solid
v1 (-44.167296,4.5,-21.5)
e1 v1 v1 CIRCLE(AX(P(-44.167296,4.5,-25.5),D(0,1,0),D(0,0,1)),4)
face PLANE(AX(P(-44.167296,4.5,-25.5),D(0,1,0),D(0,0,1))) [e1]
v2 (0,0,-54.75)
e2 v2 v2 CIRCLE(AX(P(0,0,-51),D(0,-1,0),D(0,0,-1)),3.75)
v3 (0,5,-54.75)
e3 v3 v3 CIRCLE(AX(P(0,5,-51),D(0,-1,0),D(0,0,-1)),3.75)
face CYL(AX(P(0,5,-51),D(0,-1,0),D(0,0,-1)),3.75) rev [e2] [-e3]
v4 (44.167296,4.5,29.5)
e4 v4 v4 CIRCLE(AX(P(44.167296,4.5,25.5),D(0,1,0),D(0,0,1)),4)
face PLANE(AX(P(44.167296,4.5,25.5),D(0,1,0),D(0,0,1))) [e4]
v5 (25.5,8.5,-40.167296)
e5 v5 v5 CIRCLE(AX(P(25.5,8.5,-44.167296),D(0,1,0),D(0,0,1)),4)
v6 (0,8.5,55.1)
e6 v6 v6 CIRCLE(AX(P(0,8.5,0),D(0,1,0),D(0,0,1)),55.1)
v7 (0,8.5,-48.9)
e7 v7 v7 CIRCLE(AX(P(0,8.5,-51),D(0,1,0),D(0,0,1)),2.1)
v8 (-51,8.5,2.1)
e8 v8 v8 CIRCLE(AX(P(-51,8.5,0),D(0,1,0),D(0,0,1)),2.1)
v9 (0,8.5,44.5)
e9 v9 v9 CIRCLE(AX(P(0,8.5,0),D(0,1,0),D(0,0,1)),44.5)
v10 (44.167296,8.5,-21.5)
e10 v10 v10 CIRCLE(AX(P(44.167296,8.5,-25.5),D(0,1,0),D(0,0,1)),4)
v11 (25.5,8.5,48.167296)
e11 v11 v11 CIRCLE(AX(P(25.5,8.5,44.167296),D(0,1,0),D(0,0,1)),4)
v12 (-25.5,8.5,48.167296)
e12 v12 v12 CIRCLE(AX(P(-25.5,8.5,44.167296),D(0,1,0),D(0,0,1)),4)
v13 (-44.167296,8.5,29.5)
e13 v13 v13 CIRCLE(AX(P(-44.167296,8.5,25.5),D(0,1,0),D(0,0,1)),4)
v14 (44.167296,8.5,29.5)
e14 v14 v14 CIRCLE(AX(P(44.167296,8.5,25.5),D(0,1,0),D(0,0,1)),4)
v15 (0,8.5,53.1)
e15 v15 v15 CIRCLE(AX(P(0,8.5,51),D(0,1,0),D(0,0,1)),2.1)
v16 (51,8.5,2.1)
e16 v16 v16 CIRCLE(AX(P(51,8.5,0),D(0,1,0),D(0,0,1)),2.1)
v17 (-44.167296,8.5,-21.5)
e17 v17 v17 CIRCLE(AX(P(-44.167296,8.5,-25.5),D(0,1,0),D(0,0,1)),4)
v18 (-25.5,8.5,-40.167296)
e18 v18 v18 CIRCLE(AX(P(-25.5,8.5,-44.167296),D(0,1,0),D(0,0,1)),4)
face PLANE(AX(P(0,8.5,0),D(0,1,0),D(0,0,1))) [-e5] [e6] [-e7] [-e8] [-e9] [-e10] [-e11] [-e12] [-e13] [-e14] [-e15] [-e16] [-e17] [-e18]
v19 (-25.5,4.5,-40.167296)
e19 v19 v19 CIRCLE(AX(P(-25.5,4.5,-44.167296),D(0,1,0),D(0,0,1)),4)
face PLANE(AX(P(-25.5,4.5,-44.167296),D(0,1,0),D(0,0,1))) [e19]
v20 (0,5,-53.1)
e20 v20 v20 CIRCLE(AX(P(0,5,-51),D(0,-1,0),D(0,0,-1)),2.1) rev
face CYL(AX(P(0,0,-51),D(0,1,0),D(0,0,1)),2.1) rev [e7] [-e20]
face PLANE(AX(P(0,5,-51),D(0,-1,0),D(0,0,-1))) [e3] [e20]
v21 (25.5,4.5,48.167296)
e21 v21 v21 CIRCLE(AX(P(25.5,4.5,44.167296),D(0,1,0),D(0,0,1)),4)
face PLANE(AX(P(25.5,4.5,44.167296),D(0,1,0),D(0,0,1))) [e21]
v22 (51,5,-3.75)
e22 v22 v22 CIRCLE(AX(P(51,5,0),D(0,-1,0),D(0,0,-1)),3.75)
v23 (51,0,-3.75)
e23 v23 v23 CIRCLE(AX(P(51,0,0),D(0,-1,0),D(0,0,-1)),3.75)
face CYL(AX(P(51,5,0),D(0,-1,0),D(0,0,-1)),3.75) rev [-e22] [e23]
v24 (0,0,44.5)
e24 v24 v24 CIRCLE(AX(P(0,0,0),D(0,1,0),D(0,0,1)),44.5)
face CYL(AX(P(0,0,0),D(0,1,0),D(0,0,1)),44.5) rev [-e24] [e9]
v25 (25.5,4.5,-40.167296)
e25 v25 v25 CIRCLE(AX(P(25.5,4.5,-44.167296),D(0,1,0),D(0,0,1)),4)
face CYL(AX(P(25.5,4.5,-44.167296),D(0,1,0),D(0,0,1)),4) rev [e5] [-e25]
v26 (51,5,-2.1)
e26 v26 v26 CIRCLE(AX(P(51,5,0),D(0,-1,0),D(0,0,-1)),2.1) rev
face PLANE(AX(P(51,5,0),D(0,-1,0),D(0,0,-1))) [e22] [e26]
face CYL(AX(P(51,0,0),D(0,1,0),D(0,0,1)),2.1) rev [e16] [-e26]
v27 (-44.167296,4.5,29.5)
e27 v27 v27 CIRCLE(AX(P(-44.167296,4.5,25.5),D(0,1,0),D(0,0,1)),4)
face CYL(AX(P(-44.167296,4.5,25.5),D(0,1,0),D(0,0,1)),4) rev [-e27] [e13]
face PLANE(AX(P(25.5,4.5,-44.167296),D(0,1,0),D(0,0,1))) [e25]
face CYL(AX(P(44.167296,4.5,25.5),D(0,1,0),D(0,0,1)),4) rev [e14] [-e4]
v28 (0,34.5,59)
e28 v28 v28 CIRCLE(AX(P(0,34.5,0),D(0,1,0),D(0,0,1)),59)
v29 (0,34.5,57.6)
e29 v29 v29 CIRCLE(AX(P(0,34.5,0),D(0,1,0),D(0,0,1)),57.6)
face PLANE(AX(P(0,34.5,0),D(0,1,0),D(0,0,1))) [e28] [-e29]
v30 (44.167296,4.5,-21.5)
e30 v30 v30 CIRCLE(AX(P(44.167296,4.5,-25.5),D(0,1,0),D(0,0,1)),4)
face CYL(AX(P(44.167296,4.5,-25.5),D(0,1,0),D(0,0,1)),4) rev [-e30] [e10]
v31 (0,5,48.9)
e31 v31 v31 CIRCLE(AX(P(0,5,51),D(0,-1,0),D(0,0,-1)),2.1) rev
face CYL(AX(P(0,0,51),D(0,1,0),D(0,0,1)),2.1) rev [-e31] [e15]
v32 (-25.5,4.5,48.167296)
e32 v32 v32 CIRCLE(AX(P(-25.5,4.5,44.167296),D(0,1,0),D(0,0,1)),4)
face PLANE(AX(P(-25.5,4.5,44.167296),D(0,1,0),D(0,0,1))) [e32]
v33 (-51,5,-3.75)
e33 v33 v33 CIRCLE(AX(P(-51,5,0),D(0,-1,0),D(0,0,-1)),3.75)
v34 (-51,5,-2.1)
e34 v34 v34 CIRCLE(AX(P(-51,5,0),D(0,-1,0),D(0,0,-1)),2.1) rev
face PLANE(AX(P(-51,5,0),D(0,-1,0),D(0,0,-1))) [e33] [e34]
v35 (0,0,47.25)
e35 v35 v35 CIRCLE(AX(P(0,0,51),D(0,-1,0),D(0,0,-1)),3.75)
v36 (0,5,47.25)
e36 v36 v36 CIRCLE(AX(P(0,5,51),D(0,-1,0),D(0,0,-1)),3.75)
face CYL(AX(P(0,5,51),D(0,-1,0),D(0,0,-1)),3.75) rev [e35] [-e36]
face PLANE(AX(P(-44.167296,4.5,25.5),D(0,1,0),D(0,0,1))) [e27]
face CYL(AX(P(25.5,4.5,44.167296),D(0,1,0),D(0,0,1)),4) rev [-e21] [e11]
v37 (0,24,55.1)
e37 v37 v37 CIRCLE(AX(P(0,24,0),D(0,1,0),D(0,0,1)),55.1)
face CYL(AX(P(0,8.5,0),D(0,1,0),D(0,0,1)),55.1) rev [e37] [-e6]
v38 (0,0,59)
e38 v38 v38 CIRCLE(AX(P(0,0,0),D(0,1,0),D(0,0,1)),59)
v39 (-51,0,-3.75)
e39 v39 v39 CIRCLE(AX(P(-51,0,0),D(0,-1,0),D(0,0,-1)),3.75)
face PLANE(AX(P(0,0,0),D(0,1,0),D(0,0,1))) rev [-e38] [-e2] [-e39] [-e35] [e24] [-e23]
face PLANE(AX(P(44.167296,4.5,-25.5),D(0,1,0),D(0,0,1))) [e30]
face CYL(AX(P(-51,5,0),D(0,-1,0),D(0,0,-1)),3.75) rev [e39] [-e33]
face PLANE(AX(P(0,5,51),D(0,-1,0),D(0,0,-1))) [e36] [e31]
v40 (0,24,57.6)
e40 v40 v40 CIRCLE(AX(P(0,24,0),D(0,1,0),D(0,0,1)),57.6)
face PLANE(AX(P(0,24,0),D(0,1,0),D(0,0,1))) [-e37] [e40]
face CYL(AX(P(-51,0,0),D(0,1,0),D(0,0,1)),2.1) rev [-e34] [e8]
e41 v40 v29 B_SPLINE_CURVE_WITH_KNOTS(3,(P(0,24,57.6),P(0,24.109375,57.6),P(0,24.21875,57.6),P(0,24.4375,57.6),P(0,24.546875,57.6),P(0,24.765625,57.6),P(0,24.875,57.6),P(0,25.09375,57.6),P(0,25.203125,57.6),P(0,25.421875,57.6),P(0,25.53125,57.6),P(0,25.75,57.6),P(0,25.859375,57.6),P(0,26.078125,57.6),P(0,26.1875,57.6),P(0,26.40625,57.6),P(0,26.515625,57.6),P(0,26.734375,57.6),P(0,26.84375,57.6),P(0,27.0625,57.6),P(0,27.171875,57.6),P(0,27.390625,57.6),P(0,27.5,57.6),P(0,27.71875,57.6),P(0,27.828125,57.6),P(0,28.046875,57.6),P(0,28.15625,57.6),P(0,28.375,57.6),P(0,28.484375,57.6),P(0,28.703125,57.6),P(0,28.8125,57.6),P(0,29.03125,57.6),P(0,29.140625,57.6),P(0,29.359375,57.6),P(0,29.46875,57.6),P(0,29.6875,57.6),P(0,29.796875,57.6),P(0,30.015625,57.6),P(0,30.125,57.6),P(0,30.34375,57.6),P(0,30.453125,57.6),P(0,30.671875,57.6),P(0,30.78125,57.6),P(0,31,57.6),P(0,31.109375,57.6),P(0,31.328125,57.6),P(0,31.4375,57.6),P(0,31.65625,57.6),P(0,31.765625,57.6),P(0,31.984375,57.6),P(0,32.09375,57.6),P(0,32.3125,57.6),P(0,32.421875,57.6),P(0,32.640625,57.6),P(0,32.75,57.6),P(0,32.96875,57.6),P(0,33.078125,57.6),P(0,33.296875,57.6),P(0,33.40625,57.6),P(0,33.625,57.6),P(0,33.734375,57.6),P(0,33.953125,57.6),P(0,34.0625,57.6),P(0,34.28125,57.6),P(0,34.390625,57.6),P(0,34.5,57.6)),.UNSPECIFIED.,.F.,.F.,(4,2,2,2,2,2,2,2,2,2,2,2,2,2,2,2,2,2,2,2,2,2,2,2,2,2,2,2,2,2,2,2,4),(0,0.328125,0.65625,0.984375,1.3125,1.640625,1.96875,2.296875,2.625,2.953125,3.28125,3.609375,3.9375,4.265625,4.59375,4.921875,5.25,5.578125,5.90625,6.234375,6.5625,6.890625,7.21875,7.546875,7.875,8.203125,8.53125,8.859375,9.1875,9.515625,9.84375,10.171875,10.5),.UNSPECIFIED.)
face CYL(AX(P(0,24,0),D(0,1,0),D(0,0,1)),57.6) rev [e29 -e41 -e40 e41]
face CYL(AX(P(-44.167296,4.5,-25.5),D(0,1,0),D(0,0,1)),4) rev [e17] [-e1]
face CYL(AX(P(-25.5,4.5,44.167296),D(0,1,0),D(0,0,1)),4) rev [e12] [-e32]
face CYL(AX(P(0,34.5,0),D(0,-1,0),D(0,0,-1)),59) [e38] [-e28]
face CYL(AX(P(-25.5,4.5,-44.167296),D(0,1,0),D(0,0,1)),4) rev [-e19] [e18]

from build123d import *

# Parameters (mm, degrees)
SKETCH_1_R          = 59
EXTRUDE_1_DEPTH     = 34.5
SKETCH_2_R          = 57.6
CUT_EXTRUDE_1_DEPTH = 10.5
SKETCH_3_R          = 55.1
CUT_EXTRUDE_2_DEPTH = 15.5
SKETCH_4_R          = 44.5
CUT_EXTRUDE_3_DEPTH = 88.395652066
SKETCH_9_R          = 4
CUT_EXTRUDE_7_DEPTH = 4
SKETCH_10_R         = 2.1
CUT_EXTRUDE_8_DEPTH = 88.395652066
SKETCH_11_R         = 3.75
CUT_EXTRUDE_9_DEPTH = 5


with BuildPart() as part:
    # 草图1 → 凸台-拉伸1 (new body)
    with BuildSketch(Plane(origin=(0, 0, 0), x_dir=(1, 0, 0), z_dir=(0, 1, 0))):
        with Locations(Location((0, 0, 0), (0, 0, 270))):
            Circle(SKETCH_1_R)
    extrude(amount=EXTRUDE_1_DEPTH)

    # 草图2 → 切除-拉伸1 (cut)
    with BuildSketch(Plane(origin=(0, 34.5, 0), x_dir=(1, 0, 0), z_dir=(0, 1, 0))):
        with Locations(Location((0, 0, 0), (0, 0, 270))):
            Circle(SKETCH_2_R)
    extrude(amount=-CUT_EXTRUDE_1_DEPTH, mode=Mode.SUBTRACT)

    # 草图3 → 切除-拉伸2 (cut)
    with BuildSketch(Plane(origin=(0, 24, 0), x_dir=(1, 0, 0), z_dir=(0, 1, 0))):
        with Locations(Location((0, 0, 0), (0, 0, 270))):
            Circle(SKETCH_3_R)
    extrude(amount=-CUT_EXTRUDE_2_DEPTH, mode=Mode.SUBTRACT)

    # 草图4 → 切除-拉伸3 (cut, through all)
    with BuildSketch(Plane(origin=(0, 8.5, 0), x_dir=(1, 0, 0), z_dir=(0, 1, 0))):
        with Locations(Location((0, 0, 0), (0, 0, 270))):
            Circle(SKETCH_4_R)
    extrude(amount=-CUT_EXTRUDE_3_DEPTH, mode=Mode.SUBTRACT)

    # 草图9 → 切除-拉伸7 (cut)
    with BuildSketch(Plane(origin=(0, 8.5, 0), x_dir=(1, 0, 0), z_dir=(0, 1, 0))):
        with Locations(Location((-44.167295593, 25.5, 0), (0, 0, 270))):
            Circle(SKETCH_9_R)
        with Locations(Location((-25.5, 44.167295593, 0), (0, 0, 270))):
            Circle(SKETCH_9_R)
        with Locations(Location((25.5, 44.167295593, 0), (0, 0, 270))):
            Circle(SKETCH_9_R)
        with Locations(Location((44.167295593, 25.5, 0), (0, 0, 270))):
            Circle(SKETCH_9_R)
        with Locations(Location((44.167295593, -25.5, 0), (0, 0, 270))):
            Circle(SKETCH_9_R)
        with Locations(Location((25.5, -44.167295593, 0), (0, 0, 270))):
            Circle(SKETCH_9_R)
        with Locations(Location((-25.5, -44.167295593, 0), (0, 0, 270))):
            Circle(SKETCH_9_R)
        with Locations(Location((-44.167295593, -25.5, 0), (0, 0, 270))):
            Circle(SKETCH_9_R)
    extrude(amount=-CUT_EXTRUDE_7_DEPTH, mode=Mode.SUBTRACT)

    # 草图10 → 切除-拉伸8 (cut, through all)
    with BuildSketch(Plane(origin=(0, 8.5, 0), x_dir=(1, 0, 0), z_dir=(0, 1, 0))):
        with Locations(Location((0, 51, 0), (0, 0, 270))):
            Circle(SKETCH_10_R)
        with Locations(Location((51, 0, 0), (0, 0, 270))):
            Circle(SKETCH_10_R)
        with Locations(Location((0, -51, 0), (0, 0, 270))):
            Circle(SKETCH_10_R)
        with Locations(Location((-51, 0, 0), (0, 0, 270))):
            Circle(SKETCH_10_R)
    extrude(amount=-CUT_EXTRUDE_8_DEPTH, mode=Mode.SUBTRACT)

    # 草图11 → 切除-拉伸9 (cut)
    with BuildSketch(Plane.XZ):
        with Locations(Location((0, 51, 0), (0, 0, 270))):
            Circle(SKETCH_11_R)
        with Locations(Location((51, 0, 0), (0, 0, 270))):
            Circle(SKETCH_11_R)
        with Locations(Location((0, -51, 0), (0, 0, 270))):
            Circle(SKETCH_11_R)
        with Locations(Location((-51, 0, 0), (0, 0, 270))):
            Circle(SKETCH_11_R)
    extrude(amount=-CUT_EXTRUDE_9_DEPTH, mode=Mode.SUBTRACT)


solid = part.part
